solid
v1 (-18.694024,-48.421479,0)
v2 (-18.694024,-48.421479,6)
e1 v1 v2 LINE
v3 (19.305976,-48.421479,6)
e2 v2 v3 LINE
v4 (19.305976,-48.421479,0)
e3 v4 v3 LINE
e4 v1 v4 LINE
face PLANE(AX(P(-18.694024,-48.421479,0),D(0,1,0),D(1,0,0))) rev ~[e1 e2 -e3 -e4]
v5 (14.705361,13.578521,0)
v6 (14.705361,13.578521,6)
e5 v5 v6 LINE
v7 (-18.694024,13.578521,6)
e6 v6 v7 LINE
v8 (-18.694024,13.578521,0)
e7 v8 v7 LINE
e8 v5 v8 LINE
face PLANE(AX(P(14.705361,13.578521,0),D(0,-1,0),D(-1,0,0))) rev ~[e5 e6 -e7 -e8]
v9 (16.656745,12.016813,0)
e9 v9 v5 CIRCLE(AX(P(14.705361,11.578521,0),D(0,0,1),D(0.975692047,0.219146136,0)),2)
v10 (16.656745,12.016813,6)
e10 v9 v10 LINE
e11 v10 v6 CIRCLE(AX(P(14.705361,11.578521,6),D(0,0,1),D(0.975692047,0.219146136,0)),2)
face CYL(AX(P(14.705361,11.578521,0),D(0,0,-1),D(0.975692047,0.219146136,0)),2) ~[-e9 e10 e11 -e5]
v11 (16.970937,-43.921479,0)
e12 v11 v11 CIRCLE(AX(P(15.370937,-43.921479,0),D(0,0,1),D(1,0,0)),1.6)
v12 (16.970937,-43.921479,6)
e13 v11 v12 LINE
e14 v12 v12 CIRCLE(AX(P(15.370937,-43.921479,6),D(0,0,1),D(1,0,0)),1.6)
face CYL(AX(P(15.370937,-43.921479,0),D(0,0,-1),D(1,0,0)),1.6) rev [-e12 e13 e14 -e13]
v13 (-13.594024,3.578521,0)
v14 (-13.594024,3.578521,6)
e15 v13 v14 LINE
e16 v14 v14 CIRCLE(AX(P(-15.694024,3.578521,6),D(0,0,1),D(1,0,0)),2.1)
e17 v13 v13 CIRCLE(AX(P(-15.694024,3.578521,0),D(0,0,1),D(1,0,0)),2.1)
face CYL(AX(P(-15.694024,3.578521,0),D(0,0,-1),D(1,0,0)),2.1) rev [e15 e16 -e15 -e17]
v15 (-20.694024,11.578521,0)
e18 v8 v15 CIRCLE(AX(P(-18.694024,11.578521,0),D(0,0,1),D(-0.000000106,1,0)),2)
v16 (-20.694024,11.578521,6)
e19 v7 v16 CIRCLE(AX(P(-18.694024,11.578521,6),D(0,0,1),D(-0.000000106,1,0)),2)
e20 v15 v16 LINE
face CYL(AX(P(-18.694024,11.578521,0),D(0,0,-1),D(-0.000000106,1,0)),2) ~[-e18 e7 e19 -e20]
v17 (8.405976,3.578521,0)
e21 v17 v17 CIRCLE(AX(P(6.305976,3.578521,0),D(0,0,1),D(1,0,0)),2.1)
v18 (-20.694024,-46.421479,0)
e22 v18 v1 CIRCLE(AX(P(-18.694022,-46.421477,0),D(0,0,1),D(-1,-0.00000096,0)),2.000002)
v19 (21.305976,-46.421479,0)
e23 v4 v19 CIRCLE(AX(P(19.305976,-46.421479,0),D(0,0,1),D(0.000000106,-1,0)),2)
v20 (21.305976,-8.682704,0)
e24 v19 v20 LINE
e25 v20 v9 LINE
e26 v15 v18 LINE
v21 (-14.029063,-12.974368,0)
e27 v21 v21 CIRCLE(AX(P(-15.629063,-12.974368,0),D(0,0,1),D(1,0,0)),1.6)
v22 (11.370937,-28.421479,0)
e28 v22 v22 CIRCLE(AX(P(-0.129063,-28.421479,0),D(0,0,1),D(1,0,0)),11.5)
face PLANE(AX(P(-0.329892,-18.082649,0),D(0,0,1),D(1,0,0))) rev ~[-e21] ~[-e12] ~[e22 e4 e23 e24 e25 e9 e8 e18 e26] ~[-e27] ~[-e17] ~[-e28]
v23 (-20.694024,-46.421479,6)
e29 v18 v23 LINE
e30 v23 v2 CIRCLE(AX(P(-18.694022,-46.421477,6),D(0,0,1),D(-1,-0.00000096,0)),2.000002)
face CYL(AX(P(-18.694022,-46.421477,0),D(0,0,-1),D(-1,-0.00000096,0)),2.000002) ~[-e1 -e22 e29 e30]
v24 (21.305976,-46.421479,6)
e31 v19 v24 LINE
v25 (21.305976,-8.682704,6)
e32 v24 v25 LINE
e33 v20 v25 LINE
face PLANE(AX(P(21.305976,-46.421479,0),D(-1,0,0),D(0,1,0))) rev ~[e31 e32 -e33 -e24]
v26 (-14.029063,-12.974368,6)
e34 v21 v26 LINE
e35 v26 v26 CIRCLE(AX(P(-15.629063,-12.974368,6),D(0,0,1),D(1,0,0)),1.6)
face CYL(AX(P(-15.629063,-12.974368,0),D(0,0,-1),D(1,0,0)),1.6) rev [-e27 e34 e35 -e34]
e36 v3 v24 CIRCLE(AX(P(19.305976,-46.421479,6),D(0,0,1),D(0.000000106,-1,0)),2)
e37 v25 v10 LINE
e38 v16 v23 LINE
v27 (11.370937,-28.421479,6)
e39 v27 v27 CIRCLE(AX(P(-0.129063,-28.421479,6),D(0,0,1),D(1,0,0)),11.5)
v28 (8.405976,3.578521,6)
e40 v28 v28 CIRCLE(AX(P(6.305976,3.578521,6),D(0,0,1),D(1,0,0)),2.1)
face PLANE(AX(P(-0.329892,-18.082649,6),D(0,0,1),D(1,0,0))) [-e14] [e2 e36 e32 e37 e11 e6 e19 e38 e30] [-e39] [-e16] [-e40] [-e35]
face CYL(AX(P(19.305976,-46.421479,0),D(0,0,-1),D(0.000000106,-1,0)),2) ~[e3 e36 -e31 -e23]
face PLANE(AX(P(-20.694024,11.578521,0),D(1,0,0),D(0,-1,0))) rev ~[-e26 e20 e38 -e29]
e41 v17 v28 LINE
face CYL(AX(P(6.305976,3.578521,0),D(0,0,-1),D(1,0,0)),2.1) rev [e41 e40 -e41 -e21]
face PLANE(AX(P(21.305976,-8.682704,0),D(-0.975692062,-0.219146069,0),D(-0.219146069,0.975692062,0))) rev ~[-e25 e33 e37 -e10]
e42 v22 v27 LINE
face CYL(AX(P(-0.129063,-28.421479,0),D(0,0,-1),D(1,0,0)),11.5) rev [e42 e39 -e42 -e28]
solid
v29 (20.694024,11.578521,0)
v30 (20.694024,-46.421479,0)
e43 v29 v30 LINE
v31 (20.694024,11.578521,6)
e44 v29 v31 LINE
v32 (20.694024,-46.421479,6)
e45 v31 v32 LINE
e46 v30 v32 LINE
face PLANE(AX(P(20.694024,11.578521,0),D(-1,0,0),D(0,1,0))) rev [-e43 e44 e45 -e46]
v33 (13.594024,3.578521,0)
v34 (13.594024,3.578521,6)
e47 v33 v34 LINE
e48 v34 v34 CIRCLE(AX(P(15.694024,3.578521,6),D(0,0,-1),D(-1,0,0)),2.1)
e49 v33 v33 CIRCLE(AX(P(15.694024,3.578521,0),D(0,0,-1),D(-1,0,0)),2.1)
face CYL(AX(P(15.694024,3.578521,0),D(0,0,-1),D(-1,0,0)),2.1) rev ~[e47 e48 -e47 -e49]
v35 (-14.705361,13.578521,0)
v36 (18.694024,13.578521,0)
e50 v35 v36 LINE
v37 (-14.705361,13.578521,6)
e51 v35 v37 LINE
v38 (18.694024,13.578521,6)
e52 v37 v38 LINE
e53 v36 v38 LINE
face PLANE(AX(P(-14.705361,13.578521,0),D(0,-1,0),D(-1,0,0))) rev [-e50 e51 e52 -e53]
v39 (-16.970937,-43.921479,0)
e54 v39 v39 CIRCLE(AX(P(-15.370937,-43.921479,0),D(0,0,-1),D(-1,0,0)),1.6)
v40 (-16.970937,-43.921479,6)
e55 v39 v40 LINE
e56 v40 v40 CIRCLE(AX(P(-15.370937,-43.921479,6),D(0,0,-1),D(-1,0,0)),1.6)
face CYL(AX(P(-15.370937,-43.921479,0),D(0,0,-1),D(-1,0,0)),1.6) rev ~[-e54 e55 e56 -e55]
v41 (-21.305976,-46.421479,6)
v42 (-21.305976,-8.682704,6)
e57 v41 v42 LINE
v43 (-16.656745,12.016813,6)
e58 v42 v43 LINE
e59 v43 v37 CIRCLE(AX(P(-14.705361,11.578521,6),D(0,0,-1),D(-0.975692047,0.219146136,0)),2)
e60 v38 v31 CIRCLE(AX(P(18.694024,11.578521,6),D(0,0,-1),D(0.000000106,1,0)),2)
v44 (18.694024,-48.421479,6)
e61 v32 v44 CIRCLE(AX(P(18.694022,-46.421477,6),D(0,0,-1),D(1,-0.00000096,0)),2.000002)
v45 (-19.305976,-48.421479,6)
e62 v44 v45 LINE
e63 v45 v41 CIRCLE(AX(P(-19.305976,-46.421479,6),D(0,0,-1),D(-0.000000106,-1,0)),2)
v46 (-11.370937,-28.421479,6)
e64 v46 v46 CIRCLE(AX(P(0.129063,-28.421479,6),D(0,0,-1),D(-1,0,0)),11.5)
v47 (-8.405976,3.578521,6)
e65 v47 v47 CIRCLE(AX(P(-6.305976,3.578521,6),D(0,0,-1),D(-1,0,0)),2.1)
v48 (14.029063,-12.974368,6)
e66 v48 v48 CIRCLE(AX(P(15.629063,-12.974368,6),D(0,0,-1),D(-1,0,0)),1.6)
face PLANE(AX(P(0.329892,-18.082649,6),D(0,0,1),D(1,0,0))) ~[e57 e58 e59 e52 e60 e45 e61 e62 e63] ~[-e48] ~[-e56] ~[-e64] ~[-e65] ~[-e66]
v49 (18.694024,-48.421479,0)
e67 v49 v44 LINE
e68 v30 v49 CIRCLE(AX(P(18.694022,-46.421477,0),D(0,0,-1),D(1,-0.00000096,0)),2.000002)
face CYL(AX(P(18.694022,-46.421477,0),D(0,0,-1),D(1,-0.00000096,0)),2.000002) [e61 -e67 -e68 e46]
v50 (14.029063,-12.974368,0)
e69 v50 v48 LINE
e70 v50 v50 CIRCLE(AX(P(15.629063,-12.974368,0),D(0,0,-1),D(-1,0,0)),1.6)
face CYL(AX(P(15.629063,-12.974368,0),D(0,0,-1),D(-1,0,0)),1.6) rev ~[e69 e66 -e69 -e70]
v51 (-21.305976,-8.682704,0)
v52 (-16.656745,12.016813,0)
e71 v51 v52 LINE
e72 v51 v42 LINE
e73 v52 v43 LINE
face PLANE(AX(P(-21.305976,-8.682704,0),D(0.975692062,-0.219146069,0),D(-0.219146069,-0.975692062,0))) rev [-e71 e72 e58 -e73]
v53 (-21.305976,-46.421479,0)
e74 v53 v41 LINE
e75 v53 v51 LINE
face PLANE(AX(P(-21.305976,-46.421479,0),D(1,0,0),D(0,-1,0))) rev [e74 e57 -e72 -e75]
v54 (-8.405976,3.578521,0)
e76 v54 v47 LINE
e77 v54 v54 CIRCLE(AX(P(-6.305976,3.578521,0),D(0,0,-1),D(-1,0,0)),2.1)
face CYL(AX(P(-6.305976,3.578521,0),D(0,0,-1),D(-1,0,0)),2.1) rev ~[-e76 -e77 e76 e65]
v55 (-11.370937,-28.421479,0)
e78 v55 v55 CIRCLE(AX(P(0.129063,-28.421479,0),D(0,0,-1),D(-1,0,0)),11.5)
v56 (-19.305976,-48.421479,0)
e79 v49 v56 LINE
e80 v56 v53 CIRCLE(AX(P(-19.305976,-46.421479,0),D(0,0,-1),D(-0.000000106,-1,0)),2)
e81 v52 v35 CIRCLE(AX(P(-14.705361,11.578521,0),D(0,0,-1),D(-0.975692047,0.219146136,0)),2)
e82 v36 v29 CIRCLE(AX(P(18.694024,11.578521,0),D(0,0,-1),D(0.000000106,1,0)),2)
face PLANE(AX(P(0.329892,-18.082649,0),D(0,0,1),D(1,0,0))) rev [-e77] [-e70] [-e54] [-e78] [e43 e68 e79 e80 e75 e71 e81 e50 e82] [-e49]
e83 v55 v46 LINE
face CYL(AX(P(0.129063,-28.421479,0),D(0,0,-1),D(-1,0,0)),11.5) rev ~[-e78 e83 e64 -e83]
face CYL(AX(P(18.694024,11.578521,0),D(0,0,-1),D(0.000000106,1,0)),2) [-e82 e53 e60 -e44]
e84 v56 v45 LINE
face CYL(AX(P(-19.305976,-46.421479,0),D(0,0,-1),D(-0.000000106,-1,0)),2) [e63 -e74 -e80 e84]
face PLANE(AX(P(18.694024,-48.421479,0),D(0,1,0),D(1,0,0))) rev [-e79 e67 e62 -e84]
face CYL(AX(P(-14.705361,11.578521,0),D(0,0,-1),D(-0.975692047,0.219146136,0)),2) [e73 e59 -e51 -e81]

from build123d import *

# Parameters (mm, degrees)
F0_R     = 11.5
F0_R_2   = 1.6
F0_R_3   = 2.1
F1_DEPTH = 6


with BuildPart() as f1:
    # F0 (on Top) → F1 (new body)
    with BuildSketch(Plane.XY):
        with BuildLine():
            Line((14.705361, 13.578521), (-18.694024, 13.578521))
            ThreePointArc((-18.694024, 13.578521), (-20.108237, 12.992735), (-20.694024, 11.578521))
            Line((-20.694024, 11.578521), (-20.694024, -46.421479))
            ThreePointArc((-20.694024, -46.421479), (-20.108237, -47.835692), (-18.694024, -48.421479))
            Line((-18.694024, -48.421479), (19.305976, -48.421479))
            ThreePointArc((19.305976, -48.421479), (20.72019, -47.835692), (21.305976, -46.421479))
            Line((21.305976, -46.421479), (21.305976, -8.682704))
            Line((21.305976, -8.682704), (16.656745, 12.016813))
            ThreePointArc((16.656745, 12.016813), (15.955044, 13.140024), (14.705361, 13.578521))
        make_face()
        with Locations((-0.129063, -28.421479)):
            Circle(F0_R, mode=Mode.SUBTRACT)
        with Locations((15.370937, -43.921479)):
            Circle(F0_R_2, mode=Mode.SUBTRACT)
        with Locations((-15.629063, -12.974368)):
            Circle(F0_R_2, mode=Mode.SUBTRACT)
        with Locations((-15.694024, 3.578521)):
            Circle(F0_R_3, mode=Mode.SUBTRACT)
        with Locations((6.305976, 3.578521)):
            Circle(F0_R_3, mode=Mode.SUBTRACT)
    extrude(amount=F1_DEPTH)


with BuildPart() as f2_1:
    # F2: instance of F1
    add(f1.part.mirror(Plane.YZ))


solid = Compound([f1.part, f2_1.part])
